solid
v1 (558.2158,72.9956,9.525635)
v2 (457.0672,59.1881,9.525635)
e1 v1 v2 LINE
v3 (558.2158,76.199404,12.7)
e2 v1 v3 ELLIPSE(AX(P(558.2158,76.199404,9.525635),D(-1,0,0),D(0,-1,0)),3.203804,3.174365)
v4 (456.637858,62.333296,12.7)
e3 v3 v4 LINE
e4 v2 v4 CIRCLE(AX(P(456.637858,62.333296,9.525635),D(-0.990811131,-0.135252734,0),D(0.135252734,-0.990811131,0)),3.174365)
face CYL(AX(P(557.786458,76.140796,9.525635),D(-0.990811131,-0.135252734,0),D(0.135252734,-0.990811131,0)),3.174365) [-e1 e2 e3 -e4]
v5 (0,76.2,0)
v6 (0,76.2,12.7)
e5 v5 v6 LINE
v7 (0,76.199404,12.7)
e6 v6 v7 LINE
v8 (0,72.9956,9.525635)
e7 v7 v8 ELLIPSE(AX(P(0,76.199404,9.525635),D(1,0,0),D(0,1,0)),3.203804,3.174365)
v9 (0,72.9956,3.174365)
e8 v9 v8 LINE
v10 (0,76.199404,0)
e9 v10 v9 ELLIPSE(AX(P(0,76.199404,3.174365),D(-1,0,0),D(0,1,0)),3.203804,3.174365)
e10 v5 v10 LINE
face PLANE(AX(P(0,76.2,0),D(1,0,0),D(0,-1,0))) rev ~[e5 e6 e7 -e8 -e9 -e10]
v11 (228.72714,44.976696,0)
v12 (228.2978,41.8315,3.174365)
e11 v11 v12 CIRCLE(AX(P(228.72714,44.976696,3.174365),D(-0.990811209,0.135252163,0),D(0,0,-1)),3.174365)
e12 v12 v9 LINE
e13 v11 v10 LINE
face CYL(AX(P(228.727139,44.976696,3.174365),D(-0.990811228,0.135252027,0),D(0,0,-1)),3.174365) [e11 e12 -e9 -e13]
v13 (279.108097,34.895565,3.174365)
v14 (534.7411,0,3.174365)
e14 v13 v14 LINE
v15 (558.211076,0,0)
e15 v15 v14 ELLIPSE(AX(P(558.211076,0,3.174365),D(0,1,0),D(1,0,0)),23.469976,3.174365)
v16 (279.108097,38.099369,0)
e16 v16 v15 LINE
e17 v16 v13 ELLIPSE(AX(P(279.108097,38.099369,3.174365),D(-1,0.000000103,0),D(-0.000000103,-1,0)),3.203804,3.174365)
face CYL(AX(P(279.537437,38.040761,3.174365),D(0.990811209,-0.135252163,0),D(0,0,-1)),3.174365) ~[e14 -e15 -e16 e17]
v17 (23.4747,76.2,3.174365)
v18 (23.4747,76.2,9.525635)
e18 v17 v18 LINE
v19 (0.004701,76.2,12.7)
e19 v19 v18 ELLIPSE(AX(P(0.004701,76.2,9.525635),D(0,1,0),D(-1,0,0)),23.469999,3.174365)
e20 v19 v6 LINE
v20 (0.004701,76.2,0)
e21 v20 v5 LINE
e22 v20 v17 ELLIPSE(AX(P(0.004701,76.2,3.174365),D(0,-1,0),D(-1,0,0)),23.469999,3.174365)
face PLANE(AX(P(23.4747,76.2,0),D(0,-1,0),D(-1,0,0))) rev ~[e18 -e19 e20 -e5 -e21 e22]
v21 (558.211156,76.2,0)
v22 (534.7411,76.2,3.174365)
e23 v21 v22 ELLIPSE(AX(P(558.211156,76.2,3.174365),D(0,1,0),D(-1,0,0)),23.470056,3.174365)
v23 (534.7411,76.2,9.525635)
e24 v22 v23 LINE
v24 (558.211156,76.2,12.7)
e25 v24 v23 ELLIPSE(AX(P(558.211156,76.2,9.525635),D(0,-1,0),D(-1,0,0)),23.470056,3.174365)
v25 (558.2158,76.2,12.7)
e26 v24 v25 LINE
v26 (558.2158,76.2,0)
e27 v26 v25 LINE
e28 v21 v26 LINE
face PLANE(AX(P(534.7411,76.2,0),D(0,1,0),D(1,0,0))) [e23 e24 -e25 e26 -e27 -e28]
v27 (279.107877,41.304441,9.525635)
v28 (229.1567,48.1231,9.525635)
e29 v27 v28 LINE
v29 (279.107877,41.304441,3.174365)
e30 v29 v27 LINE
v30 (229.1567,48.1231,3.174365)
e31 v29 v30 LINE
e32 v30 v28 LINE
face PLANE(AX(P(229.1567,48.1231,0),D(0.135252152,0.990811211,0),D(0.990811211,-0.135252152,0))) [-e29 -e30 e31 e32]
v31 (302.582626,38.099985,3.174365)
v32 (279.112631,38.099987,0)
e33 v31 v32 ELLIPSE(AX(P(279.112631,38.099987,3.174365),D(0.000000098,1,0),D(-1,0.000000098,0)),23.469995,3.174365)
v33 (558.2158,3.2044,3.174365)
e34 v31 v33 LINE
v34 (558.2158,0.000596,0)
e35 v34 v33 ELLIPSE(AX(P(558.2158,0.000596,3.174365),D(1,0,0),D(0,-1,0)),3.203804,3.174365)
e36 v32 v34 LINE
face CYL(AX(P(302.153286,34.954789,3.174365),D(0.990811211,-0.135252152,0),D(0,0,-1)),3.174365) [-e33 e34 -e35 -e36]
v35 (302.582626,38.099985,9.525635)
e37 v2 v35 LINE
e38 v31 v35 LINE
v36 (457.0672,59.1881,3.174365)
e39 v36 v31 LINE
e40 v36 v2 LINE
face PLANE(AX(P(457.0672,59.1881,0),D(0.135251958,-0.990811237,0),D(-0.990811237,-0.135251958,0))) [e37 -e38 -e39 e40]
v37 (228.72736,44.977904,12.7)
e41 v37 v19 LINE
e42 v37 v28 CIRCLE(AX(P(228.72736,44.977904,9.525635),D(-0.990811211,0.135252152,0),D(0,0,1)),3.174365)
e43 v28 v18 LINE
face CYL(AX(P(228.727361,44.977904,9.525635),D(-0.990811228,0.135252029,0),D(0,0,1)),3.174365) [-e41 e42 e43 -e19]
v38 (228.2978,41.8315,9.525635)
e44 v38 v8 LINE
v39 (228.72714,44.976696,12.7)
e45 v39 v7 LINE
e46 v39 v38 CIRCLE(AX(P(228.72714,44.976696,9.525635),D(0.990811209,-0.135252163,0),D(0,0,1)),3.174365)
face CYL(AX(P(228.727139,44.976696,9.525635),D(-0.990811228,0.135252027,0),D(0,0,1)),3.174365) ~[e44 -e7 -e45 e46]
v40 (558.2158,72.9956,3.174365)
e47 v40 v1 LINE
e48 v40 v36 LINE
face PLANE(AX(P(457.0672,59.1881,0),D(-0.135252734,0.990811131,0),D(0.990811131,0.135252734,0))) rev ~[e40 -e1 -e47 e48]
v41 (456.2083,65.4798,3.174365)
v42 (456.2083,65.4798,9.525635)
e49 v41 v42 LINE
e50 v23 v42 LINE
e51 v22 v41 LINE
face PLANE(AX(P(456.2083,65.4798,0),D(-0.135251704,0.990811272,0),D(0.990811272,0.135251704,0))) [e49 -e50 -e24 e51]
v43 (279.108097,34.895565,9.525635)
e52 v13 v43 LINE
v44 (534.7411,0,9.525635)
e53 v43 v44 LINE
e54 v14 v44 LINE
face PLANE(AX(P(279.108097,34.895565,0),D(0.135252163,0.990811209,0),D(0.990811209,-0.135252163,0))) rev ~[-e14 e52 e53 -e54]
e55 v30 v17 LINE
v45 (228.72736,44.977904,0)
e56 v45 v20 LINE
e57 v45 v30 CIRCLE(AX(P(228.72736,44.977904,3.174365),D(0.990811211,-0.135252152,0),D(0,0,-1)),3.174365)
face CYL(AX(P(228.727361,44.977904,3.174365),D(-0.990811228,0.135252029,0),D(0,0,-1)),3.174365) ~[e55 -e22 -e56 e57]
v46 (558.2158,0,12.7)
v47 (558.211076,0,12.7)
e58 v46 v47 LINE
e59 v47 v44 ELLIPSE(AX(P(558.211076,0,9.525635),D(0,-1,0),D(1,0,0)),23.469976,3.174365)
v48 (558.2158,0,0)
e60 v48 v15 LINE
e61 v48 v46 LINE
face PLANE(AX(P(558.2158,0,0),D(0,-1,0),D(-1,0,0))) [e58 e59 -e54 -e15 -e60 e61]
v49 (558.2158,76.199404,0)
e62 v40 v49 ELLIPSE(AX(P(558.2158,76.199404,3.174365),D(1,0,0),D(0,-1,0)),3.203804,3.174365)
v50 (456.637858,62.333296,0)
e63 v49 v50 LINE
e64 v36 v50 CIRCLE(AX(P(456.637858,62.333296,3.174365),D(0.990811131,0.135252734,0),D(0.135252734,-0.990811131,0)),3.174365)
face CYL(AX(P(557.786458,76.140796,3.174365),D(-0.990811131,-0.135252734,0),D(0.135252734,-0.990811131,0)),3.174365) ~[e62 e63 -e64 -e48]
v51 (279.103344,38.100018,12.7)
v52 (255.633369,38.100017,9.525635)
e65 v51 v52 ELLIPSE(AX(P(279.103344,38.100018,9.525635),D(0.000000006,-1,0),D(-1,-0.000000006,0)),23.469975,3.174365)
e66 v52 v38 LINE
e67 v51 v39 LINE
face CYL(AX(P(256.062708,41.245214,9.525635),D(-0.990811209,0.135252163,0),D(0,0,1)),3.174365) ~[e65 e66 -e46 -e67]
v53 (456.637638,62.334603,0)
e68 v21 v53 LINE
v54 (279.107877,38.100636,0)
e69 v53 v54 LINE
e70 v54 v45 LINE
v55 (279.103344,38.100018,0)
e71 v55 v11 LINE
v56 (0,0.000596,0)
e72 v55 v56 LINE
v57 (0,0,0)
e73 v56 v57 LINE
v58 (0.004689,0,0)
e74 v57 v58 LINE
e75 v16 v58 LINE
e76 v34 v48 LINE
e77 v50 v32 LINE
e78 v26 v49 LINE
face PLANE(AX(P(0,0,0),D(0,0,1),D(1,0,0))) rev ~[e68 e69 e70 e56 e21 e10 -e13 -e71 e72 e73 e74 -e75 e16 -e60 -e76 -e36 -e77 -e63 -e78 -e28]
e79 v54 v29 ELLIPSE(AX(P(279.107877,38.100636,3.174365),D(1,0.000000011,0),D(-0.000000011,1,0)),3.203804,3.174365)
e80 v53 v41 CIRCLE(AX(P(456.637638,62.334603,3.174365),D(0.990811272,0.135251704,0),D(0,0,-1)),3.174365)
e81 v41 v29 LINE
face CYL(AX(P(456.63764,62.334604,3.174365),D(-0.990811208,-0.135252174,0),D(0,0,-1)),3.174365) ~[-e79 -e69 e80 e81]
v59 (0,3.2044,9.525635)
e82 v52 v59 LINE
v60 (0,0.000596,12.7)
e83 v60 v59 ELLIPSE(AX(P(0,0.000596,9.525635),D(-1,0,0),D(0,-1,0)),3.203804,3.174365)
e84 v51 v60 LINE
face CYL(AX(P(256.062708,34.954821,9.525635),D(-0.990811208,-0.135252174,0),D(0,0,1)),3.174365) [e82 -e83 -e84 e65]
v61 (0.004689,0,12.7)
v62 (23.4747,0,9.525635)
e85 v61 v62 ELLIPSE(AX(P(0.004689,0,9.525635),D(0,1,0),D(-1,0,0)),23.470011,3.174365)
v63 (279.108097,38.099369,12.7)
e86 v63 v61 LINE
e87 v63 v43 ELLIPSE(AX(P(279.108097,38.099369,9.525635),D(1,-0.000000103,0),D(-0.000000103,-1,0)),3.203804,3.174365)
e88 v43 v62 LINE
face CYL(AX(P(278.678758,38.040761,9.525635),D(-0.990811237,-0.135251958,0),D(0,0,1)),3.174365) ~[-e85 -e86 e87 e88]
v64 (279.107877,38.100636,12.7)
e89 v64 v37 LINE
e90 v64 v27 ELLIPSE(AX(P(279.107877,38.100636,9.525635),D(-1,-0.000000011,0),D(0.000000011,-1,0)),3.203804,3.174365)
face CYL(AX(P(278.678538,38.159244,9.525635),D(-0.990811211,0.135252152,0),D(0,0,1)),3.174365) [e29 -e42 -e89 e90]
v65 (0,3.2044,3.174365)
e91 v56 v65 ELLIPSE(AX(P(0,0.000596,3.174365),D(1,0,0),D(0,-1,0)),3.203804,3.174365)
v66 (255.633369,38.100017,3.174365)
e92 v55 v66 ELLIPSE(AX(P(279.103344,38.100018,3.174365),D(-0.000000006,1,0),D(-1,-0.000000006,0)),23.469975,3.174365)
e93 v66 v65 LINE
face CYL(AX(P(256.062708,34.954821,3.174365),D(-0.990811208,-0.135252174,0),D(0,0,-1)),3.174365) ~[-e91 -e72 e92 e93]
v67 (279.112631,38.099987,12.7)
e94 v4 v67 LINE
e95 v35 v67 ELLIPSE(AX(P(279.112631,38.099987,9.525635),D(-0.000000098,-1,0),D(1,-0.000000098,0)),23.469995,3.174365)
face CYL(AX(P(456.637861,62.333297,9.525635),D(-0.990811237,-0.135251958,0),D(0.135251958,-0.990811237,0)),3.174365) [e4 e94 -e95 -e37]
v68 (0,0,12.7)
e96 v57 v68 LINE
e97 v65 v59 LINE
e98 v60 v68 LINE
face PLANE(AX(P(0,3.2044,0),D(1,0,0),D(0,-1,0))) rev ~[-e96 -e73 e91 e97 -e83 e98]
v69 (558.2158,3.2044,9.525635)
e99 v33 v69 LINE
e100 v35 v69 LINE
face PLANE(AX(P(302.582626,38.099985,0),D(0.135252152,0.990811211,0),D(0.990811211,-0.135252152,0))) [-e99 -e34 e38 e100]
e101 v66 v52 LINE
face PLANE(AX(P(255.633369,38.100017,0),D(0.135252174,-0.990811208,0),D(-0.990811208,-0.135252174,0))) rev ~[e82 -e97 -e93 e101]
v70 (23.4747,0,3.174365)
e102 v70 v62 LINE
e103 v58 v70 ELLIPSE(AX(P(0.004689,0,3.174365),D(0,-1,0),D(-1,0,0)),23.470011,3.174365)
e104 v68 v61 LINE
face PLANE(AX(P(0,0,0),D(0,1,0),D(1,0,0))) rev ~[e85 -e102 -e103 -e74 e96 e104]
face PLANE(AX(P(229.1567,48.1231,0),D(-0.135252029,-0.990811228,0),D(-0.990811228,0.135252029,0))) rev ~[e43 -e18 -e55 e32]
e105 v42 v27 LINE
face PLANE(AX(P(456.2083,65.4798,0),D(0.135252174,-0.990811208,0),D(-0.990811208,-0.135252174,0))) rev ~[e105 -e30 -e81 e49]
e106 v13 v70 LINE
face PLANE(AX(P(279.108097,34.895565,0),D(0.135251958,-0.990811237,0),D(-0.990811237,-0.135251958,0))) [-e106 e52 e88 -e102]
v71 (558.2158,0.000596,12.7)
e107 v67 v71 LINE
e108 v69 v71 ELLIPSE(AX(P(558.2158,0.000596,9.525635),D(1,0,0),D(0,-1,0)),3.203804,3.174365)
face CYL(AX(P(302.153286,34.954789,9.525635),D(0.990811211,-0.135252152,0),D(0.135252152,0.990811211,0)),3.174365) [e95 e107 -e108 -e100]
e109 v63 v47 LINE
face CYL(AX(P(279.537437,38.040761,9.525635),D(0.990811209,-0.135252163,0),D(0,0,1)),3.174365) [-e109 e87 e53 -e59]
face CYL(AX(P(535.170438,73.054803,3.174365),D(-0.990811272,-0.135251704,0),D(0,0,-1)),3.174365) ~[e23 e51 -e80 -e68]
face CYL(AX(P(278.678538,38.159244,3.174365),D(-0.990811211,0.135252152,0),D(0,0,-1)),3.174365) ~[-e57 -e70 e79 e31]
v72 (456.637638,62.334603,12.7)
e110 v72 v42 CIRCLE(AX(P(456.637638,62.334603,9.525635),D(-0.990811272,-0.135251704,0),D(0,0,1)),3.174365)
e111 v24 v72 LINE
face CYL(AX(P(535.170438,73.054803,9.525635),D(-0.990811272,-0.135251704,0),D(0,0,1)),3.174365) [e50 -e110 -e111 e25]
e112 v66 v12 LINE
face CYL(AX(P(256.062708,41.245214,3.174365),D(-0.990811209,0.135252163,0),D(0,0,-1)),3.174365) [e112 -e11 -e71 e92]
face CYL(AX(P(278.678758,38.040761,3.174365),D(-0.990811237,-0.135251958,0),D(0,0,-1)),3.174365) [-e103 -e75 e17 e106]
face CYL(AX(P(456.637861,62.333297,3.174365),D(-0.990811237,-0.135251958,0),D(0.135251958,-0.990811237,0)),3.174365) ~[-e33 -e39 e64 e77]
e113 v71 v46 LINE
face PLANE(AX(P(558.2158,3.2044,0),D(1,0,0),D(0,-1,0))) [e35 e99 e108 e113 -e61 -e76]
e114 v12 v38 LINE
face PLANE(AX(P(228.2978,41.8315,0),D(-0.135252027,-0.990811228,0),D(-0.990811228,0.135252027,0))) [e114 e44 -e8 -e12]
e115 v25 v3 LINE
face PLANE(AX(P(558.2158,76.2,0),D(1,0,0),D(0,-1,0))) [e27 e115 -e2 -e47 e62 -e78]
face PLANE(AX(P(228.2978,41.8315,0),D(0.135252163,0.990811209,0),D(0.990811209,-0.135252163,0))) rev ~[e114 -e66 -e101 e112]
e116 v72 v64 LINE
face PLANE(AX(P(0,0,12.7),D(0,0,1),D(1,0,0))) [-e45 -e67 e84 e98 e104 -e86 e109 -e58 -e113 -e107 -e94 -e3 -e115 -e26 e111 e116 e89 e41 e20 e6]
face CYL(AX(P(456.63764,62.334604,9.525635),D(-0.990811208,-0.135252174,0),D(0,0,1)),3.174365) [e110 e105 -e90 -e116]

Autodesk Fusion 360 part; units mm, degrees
sketch "Sketch1" plane through (0, 0, 0) normal (0, 0, 1) x (1, 0, 0)
  line L0 (457.0672, 59.1881) -> (558.2158, 72.9956)
  line L1 (456.2083, 65.4798) -> (534.7411, 76.2)
  line L2 (457.0672, 59.1881) -> (23.4747, 0)
  line L3 (456.2083, 65.4798) -> (0, 3.2044)
  line L4 (229.1567, 48.1231) -> (23.4747, 76.2)
  line L5 (228.2978, 41.8315) -> (0, 72.9956)
  line L6 (229.1567, 48.1231) -> (558.2158, 3.2044)
  line L7 (228.2978, 41.8315) -> (534.7411, 0)
  line L8 (23.4747, 76.2) -> (0, 76.2)
  line L9 (0, 76.2) -> (0, 72.9956)
  line L10 (0, 3.2044) -> (0, 0)
  line L11 (0, 0) -> (23.4747, 0)
  line L12 (534.7411, 76.2) -> (558.2158, 76.2)
  line L13 (558.2158, 76.2) -> (558.2158, 72.9956)
  line L14 (558.2158, 3.2044) -> (558.2158, 0)
  line L15 (558.2158, 0) -> (534.7411, 0)
  dimension "d1" = 558.2158
  dimension "d2" = 76.2
extrude "Extrude1" add sketch "Sketch1" along normal blind 12.7
fillet "Fillet1" radius 3.175 8 edges at (406.9245, 58.7522, 12.7) (430.3992, 20.6522, 12.7) (151.2913, 58.7522, 12.7) (430.3992, 55.5478, 12.7) (406.9245, 17.4478, 12.7) (151.2913, 17.4478, 12.7) (127.8166, 20.6522, 12.7) (127.8166, 55.5478, 12.7)
fillet "Fillet2" radius 3.175 8 edges at (127.8166, 20.6522, 0) (151.2913, 17.4478, 0) (151.2913, 58.7522, 0) (127.8166, 55.5478, 0) (406.9245, 58.7522, 0) (430.3992, 55.5478, 0) (430.3992, 20.6522, 0) (406.9245, 17.4478, 0)
